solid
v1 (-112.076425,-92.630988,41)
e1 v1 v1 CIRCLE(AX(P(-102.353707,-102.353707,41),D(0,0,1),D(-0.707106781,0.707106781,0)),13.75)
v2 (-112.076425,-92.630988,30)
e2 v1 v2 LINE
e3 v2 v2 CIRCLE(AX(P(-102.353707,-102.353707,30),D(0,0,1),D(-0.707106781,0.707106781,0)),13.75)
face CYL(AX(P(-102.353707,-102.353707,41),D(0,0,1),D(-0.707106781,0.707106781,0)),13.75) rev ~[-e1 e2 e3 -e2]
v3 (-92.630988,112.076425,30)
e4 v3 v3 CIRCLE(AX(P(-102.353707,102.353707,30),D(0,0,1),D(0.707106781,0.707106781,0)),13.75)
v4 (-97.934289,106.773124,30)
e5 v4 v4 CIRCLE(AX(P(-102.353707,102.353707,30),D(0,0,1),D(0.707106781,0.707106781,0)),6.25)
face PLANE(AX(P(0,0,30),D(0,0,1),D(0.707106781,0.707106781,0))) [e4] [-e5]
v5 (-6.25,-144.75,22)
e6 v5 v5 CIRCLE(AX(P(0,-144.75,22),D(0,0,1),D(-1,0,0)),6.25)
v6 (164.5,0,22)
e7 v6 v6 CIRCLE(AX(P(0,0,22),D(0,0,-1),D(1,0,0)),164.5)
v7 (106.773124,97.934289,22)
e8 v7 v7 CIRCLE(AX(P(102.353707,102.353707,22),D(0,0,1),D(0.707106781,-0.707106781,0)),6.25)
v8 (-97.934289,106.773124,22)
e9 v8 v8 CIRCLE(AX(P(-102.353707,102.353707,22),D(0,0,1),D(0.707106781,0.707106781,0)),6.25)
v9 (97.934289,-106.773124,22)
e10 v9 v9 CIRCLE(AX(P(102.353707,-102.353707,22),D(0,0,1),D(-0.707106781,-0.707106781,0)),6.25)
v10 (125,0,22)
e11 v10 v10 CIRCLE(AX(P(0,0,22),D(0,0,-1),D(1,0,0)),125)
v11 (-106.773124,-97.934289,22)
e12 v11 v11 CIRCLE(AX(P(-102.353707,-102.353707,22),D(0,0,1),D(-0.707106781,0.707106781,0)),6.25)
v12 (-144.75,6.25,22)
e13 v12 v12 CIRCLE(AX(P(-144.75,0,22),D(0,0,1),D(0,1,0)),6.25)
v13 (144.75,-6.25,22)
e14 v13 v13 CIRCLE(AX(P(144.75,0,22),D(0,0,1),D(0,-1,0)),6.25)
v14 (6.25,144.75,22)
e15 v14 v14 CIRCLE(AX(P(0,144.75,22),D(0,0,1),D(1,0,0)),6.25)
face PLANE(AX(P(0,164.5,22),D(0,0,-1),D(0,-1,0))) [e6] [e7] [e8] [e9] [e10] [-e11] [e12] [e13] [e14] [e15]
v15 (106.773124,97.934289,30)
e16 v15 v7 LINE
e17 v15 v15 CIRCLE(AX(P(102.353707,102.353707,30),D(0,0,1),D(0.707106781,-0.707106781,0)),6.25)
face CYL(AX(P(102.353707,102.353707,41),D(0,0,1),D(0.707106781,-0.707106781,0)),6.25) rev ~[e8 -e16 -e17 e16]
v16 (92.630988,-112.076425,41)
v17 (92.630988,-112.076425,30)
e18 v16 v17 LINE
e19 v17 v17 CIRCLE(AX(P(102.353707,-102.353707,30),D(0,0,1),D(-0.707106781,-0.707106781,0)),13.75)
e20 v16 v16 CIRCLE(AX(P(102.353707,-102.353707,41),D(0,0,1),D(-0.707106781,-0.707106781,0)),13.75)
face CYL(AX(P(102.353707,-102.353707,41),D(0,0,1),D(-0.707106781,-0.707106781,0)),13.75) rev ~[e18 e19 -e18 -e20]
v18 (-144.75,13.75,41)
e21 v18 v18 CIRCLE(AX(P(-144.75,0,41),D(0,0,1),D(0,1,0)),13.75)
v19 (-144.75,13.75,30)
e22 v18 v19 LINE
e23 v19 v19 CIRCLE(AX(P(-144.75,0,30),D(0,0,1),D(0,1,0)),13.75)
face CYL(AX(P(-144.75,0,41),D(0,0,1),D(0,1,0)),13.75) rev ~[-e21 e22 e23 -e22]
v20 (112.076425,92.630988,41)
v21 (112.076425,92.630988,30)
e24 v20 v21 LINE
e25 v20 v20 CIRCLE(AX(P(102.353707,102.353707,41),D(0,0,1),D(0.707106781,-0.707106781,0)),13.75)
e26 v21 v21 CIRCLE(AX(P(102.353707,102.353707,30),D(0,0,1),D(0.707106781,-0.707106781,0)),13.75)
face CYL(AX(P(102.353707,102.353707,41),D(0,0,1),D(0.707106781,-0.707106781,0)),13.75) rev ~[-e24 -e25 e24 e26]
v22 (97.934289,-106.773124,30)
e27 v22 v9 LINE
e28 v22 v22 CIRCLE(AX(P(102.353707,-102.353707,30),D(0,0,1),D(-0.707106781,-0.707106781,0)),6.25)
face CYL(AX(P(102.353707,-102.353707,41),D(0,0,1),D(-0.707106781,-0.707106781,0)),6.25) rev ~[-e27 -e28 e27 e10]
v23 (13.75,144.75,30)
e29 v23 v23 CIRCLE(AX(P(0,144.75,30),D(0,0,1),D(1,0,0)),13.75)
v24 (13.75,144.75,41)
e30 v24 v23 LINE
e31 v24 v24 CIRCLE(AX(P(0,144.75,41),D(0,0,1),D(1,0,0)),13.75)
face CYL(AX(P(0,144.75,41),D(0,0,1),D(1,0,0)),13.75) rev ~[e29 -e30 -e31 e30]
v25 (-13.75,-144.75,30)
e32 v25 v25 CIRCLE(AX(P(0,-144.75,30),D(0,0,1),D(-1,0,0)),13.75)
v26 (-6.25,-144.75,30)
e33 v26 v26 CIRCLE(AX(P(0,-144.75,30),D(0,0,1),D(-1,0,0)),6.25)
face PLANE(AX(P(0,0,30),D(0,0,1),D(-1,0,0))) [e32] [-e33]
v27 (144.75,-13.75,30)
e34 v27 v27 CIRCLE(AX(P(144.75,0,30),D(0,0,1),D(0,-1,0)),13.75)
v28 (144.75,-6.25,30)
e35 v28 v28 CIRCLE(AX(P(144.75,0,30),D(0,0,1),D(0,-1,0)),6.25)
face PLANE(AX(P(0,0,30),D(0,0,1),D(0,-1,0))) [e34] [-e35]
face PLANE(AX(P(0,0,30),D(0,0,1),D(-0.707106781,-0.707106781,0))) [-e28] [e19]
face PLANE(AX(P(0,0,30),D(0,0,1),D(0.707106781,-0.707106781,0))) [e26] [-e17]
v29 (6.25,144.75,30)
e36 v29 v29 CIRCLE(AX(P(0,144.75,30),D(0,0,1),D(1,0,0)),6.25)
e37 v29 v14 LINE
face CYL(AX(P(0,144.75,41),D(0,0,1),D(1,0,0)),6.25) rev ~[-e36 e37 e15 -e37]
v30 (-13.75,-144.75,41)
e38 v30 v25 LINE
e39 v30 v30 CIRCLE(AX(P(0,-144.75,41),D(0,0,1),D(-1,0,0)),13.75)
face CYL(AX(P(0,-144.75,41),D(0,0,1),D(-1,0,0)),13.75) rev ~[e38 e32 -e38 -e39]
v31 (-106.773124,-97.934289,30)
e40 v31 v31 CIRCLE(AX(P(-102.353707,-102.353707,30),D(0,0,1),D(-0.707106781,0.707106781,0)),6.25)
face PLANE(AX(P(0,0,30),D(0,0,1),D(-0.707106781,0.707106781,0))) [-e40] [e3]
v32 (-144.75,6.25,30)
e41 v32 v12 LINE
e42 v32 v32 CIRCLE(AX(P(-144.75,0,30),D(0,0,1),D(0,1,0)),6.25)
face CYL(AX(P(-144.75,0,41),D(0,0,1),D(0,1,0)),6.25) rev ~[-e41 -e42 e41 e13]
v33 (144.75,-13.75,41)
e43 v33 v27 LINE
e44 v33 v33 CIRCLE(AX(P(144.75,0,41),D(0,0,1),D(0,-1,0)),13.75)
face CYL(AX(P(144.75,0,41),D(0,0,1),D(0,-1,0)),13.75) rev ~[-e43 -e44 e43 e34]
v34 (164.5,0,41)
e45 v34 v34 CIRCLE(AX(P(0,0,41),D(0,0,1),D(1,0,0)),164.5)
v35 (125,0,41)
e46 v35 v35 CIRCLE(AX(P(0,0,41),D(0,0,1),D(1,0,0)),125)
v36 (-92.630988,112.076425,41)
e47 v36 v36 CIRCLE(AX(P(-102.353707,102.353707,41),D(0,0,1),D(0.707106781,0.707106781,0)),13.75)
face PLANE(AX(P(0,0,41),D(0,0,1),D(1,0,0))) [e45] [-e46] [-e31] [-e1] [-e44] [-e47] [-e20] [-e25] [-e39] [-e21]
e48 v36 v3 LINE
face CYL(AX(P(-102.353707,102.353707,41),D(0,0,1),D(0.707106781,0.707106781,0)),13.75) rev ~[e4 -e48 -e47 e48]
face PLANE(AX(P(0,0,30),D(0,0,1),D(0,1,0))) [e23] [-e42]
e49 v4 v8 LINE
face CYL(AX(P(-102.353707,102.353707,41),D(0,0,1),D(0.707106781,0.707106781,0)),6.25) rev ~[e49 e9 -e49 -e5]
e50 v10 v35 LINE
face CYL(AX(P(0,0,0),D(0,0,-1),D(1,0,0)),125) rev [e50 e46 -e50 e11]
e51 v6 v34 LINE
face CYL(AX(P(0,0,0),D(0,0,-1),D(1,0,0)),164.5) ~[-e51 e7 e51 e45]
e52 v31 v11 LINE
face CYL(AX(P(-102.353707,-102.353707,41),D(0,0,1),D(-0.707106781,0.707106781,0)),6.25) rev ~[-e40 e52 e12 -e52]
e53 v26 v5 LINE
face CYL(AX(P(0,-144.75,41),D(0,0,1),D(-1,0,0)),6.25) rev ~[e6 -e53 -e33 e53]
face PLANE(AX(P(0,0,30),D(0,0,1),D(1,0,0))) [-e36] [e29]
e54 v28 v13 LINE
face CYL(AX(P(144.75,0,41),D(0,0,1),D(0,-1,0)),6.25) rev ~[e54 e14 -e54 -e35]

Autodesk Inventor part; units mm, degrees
ref_plane "YZ Plane" through (0, 0, 0) normal (1, 0, 0) x (0, 1, 0)
ref_plane "XZ Plane" through (0, 0, 0) normal (0, 1, 0) x (-1, 0, 0)
ref_plane "XY Plane" through (0, 0, 0) normal (0, 0, 1) x (1, 0, 0)
sketch "Sketch1" plane through (0, 0, 0) normal (0, 0, 1) x (1, 0, 0)
  circle A0 centre (0, 0) radius 125
  circle A1 centre (0, 0) radius 164.5
  dimension "d0" = 39.5
  dimension "d1" = 250
extrude "Extrusion1" add sketch "Sketch1" along normal blind 41
sketch "Sketch2" plane through (0, 0, 41) normal (0, 0, 1) x (1, 0, 0)
  circle A0 centre (0, 0) radius 164.5 construction
  circle A1 centre (0, 0) radius 125 construction
  line L0 (0, 164.5) -> (0, 125) construction
  circle A2 centre (0, 144.75) radius 6.25
  dimension "d4" = 12.5
extrude "Extrusion2" cut sketch "Sketch2" against normal through all
sketch "Sketch3" plane through (0, 0, 41) normal (0, 0, 1) x (1, 0, 0)
  circle A0 centre (0, 144.75) radius 6.25 projected
  circle A1 centre (0, 144.75) radius 13.75
  point P0 (0, 0)
  dimension "d10" = 27.5
extrude "Extrusion3" cut sketch "Sketch3" against normal blind 11
pattern_circular "Circular Pattern1" count 8 over 360 about axis through (0, 0, 0) along (0, 0, 1) of "Extrusion2", "Extrusion3"
sketch "Sketch4" plane through (0, 0, 0) normal (0, 0, -1) x (-1, 0, 0)
  circle A0 centre (0, 0) radius 164.5 projected
  circle A1 centre (0, 0) radius 169.5
  dimension "d13" = 5
extrude "Extrusion4" add sketch "Sketch4" against normal blind 10
sketch "Sketch5" plane through (0, 0, 0) normal (1, 0, 0) x (0, 1, 0)
  line L0 (164.5, 10) -> (-164.5, 10) projected
  line L1 (164.5, 41) -> (-164.5, 41) projected
  line L2 (169.5, 10) -> (-169.5, 10) projected
  line L3 (-169.5, 0) -> (169.5, 0) projected
  line L4 (164.5, 41) -> (164.5, 10)
  line L5 (164.5, 10) -> (164.5, 41) projected
  line L6 (169.5, 10) -> (169.5, 0)
  line L7 (169.5, 0) -> (169.5, 10) projected
  line L8 (-169.5, 0) -> (169.5, 0) projected
  line L9 (-169.5, 0) -> (-169.5, 10)
  line L10 (-169.5, 0) -> (-169.5, 10) projected
  line L11 (-164.5, 10) -> (-164.5, 41)
  line L12 (164.5, 22) -> (-164.5, 22)
  line L13 (-164.5, 10) -> (-164.5, 41) projected
  point P0 (0, 0)
  dimension "d17" = 22
extrude "Extrusion5" cut sketch "Sketch5" along normal through all both and the other way through all contours L2 L6 L3 L9 L0 | L0 L11 L12 L4
equation "\"d1\" = Вал_ось_диаметр_НОС"
equation "\"BendRadius\" = Thickness"
equation "\"BendReliefWidth\" = Thickness"
equation "\"BendReliefDepth\" = 0.5 * Thickness"
equation "\"CornerReliefSize\" = 4 * Thickness"
equation "\"MinimumRemnant\" = 2 * Thickness"
equation "\"TransitionRadius\" = BendRadius"
equation "\"JacobiRadiusSize\" = BendRadius"
equation "\"GapSize\" = Thickness"
equation "\"Вал_ось_диаметр_НОС\" = 250"
equation "\"Thickness\" = 19"
properties part number "ДМФ 01 31.2 Барабан Опорное кольцо НОС"
